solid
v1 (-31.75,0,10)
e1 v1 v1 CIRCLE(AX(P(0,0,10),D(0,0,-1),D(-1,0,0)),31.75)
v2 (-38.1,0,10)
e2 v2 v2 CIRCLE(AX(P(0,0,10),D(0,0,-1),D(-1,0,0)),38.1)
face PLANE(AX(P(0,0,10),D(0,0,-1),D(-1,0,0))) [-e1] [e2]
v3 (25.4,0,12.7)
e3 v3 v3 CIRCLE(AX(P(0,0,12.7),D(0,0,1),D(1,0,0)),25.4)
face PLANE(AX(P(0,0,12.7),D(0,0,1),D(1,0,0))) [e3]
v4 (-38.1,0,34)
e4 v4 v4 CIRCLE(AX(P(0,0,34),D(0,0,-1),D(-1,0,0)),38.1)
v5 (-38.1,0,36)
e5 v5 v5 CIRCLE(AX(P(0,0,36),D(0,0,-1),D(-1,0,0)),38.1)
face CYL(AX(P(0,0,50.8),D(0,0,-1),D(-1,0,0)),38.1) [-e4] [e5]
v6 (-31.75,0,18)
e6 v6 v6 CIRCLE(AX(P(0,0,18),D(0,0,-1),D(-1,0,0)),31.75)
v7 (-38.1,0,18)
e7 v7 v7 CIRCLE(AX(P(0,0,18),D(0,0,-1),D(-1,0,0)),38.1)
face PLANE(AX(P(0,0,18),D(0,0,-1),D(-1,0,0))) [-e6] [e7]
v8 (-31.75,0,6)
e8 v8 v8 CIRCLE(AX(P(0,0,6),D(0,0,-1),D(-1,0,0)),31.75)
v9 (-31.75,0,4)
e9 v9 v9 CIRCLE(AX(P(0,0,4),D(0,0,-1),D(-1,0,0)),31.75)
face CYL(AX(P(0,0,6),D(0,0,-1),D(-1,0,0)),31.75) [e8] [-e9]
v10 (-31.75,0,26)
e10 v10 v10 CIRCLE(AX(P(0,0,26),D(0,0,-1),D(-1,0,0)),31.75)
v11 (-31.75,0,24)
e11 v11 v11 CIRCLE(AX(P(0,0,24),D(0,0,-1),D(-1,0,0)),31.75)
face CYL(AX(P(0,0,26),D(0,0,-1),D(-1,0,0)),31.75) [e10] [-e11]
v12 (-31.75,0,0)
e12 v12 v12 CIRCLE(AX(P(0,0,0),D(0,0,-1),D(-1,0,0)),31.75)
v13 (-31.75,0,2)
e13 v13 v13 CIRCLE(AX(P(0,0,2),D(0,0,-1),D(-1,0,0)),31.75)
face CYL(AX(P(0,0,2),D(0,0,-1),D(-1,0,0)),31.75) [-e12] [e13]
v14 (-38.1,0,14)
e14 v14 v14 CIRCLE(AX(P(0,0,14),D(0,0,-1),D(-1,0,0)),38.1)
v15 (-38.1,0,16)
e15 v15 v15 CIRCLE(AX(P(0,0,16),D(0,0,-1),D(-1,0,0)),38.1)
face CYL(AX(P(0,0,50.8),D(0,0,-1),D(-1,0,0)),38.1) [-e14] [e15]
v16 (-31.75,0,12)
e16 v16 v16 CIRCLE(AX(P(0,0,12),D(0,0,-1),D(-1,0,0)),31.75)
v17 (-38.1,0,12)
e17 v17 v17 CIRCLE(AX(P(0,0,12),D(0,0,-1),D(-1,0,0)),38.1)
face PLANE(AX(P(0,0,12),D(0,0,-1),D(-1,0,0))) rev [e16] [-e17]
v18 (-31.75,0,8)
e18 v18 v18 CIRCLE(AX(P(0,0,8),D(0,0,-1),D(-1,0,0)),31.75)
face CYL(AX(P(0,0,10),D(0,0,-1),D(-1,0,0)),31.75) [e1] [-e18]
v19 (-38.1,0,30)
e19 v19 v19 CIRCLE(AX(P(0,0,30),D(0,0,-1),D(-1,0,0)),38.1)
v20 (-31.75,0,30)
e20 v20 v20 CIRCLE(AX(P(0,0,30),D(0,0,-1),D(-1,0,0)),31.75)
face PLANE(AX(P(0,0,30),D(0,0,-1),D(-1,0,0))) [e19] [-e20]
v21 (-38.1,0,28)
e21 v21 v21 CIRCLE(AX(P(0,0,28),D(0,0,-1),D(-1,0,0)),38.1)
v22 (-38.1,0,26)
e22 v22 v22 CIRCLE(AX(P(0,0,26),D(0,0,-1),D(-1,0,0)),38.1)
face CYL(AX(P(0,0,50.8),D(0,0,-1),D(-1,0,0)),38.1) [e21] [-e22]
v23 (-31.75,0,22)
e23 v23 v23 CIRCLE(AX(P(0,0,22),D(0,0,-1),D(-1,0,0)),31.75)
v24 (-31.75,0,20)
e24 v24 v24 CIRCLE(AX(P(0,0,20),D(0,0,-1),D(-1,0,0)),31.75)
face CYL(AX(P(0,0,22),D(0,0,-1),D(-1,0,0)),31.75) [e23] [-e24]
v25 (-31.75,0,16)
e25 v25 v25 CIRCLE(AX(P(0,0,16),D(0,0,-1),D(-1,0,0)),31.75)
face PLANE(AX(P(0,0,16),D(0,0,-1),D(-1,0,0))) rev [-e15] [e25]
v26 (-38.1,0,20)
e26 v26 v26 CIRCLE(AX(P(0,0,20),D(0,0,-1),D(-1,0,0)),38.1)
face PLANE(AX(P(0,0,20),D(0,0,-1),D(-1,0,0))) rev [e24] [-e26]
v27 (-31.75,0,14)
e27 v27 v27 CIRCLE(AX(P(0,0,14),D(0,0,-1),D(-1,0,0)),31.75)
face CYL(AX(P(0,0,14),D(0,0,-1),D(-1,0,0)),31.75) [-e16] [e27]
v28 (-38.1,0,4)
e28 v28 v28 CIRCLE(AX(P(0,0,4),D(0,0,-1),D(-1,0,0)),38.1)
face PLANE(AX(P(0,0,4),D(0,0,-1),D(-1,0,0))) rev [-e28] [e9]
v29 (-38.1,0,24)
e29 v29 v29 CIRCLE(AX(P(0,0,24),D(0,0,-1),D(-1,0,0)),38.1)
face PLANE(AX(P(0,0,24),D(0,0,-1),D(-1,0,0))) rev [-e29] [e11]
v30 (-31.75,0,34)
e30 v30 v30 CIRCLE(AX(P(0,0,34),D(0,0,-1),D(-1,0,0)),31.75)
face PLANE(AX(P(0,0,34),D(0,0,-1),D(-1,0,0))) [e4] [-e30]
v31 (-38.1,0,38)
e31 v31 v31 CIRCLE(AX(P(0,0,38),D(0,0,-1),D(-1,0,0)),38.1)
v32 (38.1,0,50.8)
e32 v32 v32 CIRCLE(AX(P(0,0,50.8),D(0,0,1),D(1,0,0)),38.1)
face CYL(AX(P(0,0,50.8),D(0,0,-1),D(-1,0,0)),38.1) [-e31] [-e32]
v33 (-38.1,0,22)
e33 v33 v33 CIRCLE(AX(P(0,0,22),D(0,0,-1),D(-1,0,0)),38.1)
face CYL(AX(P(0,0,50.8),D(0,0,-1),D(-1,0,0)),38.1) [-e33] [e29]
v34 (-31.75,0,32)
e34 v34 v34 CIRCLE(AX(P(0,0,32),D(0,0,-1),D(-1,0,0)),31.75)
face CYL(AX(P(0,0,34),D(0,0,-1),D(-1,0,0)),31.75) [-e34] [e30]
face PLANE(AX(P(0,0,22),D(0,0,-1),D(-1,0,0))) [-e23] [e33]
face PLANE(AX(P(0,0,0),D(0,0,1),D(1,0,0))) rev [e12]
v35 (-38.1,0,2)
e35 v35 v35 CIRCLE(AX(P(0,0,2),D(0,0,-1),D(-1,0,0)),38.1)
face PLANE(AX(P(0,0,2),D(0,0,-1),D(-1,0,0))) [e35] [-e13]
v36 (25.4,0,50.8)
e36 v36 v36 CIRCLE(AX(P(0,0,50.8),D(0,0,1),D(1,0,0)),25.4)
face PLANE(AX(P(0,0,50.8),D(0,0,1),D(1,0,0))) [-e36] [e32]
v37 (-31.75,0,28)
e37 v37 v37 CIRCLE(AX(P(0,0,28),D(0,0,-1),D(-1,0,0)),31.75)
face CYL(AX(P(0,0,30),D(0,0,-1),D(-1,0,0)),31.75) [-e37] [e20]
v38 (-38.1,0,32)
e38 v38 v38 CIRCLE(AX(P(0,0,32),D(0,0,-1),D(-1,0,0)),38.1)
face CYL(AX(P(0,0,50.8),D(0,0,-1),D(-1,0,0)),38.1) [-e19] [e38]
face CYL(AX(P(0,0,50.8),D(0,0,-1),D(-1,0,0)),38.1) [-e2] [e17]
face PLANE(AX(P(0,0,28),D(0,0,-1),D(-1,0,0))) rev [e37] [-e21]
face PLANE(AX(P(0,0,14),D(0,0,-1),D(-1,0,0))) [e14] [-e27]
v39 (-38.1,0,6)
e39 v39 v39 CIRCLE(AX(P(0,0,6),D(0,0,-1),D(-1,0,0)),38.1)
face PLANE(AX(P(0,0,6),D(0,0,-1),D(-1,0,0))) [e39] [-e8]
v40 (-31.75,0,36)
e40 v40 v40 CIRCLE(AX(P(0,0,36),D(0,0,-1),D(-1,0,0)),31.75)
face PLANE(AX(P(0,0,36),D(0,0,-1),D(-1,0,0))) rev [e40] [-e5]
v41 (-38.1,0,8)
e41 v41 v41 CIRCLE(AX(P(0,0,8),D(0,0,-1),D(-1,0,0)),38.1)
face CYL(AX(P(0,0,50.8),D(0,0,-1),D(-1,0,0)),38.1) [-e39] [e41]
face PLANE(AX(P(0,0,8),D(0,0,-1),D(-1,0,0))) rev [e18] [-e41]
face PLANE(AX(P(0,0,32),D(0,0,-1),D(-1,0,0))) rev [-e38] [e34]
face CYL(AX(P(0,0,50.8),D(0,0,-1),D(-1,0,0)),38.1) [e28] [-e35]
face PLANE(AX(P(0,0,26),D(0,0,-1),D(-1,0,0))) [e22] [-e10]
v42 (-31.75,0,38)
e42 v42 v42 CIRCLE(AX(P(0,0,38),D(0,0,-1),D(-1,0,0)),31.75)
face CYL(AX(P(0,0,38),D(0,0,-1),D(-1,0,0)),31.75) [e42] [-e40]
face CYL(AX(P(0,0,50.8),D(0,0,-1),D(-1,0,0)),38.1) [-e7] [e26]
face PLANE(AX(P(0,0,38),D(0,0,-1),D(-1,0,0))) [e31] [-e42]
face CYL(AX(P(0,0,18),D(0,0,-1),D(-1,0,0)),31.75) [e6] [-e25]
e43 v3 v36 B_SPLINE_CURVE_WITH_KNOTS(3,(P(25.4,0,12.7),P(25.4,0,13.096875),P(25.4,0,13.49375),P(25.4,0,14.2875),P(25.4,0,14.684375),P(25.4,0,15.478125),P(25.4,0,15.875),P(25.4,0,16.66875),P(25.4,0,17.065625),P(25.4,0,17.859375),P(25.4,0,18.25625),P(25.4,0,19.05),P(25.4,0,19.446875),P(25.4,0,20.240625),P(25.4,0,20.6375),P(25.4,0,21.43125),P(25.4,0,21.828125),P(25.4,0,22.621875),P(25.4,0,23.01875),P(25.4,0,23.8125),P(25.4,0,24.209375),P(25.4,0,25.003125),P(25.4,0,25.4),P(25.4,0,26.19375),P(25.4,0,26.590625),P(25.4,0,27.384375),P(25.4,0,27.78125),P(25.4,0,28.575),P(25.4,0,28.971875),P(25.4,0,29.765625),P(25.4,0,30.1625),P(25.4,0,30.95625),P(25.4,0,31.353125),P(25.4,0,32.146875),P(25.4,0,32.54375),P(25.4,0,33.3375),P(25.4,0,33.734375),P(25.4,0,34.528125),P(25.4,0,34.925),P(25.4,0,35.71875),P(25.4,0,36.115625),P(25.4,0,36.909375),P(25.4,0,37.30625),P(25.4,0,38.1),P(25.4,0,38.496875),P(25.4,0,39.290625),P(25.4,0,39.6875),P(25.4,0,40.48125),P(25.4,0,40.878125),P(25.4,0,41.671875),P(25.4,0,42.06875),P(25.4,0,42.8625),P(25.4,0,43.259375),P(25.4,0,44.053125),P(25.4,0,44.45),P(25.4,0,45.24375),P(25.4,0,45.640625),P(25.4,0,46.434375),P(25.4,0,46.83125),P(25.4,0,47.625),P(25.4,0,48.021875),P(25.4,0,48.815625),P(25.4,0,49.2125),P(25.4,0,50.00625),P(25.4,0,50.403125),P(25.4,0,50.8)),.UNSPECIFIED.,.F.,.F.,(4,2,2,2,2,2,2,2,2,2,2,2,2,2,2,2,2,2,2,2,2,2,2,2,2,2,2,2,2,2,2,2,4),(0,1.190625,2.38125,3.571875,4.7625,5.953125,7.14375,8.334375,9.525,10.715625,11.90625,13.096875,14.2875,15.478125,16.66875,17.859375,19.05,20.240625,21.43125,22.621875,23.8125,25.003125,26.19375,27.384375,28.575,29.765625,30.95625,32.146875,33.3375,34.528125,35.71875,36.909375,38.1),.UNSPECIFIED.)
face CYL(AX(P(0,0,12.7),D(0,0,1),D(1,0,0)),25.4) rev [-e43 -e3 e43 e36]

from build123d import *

# Parameters (mm, degrees)
ESQUISSE1_R                = 38.1
BOSS_EXTRU_1_DEPTH         = 50.8
ESQUISSE2_OUTSIDE_W        = 102.028
ESQUISSE2_OUTSIDE_H        = 102.028
ESQUISSE2_OUTSIDE_R        = 31.75
ENL_V_MAT_EXTRU_3_DEPTH    = 2
R_P_TITION_LIN_AIRE1_COUNT = 10
R_P_TITION_LIN_AIRE1_PITCH = 4
ESQUISSE5_R                = 25.4
ENL_V_MAT_EXTRU_5_DEPTH    = 38.1


with BuildPart() as part:
    # Esquisse1 → Boss.-Extru.1 (new body)
    with BuildSketch(Plane.XY):
        Circle(ESQUISSE1_R)
    extrude(amount=BOSS_EXTRU_1_DEPTH)

    # Esquisse2 outside → Enlèv. mat.-Extru.3 (cut)
    with BuildSketch(Plane(origin=(0, 0, 0), x_dir=(-1, 0, 0), z_dir=(0, 0, -1))):
        Rectangle(ESQUISSE2_OUTSIDE_W, ESQUISSE2_OUTSIDE_H)
        Circle(ESQUISSE2_OUTSIDE_R, mode=Mode.SUBTRACT)
    enl_v_mat_extru_3 = extrude(amount=-ENL_V_MAT_EXTRU_3_DEPTH, mode=Mode.SUBTRACT)

    # Répétition linéaire1: Enlèv. mat.-Extru.3 ×10
    with Locations(*[(0, 0, i * R_P_TITION_LIN_AIRE1_PITCH) for i in range(1, R_P_TITION_LIN_AIRE1_COUNT)]):
        add(enl_v_mat_extru_3, mode=Mode.SUBTRACT)

    # Esquisse5 → Enlèv. mat.-Extru.5 (cut)
    with BuildSketch(Plane.XY.offset(50.8)):
        Circle(ESQUISSE5_R)
    extrude(amount=-ENL_V_MAT_EXTRU_5_DEPTH, mode=Mode.SUBTRACT)


solid = part.part
